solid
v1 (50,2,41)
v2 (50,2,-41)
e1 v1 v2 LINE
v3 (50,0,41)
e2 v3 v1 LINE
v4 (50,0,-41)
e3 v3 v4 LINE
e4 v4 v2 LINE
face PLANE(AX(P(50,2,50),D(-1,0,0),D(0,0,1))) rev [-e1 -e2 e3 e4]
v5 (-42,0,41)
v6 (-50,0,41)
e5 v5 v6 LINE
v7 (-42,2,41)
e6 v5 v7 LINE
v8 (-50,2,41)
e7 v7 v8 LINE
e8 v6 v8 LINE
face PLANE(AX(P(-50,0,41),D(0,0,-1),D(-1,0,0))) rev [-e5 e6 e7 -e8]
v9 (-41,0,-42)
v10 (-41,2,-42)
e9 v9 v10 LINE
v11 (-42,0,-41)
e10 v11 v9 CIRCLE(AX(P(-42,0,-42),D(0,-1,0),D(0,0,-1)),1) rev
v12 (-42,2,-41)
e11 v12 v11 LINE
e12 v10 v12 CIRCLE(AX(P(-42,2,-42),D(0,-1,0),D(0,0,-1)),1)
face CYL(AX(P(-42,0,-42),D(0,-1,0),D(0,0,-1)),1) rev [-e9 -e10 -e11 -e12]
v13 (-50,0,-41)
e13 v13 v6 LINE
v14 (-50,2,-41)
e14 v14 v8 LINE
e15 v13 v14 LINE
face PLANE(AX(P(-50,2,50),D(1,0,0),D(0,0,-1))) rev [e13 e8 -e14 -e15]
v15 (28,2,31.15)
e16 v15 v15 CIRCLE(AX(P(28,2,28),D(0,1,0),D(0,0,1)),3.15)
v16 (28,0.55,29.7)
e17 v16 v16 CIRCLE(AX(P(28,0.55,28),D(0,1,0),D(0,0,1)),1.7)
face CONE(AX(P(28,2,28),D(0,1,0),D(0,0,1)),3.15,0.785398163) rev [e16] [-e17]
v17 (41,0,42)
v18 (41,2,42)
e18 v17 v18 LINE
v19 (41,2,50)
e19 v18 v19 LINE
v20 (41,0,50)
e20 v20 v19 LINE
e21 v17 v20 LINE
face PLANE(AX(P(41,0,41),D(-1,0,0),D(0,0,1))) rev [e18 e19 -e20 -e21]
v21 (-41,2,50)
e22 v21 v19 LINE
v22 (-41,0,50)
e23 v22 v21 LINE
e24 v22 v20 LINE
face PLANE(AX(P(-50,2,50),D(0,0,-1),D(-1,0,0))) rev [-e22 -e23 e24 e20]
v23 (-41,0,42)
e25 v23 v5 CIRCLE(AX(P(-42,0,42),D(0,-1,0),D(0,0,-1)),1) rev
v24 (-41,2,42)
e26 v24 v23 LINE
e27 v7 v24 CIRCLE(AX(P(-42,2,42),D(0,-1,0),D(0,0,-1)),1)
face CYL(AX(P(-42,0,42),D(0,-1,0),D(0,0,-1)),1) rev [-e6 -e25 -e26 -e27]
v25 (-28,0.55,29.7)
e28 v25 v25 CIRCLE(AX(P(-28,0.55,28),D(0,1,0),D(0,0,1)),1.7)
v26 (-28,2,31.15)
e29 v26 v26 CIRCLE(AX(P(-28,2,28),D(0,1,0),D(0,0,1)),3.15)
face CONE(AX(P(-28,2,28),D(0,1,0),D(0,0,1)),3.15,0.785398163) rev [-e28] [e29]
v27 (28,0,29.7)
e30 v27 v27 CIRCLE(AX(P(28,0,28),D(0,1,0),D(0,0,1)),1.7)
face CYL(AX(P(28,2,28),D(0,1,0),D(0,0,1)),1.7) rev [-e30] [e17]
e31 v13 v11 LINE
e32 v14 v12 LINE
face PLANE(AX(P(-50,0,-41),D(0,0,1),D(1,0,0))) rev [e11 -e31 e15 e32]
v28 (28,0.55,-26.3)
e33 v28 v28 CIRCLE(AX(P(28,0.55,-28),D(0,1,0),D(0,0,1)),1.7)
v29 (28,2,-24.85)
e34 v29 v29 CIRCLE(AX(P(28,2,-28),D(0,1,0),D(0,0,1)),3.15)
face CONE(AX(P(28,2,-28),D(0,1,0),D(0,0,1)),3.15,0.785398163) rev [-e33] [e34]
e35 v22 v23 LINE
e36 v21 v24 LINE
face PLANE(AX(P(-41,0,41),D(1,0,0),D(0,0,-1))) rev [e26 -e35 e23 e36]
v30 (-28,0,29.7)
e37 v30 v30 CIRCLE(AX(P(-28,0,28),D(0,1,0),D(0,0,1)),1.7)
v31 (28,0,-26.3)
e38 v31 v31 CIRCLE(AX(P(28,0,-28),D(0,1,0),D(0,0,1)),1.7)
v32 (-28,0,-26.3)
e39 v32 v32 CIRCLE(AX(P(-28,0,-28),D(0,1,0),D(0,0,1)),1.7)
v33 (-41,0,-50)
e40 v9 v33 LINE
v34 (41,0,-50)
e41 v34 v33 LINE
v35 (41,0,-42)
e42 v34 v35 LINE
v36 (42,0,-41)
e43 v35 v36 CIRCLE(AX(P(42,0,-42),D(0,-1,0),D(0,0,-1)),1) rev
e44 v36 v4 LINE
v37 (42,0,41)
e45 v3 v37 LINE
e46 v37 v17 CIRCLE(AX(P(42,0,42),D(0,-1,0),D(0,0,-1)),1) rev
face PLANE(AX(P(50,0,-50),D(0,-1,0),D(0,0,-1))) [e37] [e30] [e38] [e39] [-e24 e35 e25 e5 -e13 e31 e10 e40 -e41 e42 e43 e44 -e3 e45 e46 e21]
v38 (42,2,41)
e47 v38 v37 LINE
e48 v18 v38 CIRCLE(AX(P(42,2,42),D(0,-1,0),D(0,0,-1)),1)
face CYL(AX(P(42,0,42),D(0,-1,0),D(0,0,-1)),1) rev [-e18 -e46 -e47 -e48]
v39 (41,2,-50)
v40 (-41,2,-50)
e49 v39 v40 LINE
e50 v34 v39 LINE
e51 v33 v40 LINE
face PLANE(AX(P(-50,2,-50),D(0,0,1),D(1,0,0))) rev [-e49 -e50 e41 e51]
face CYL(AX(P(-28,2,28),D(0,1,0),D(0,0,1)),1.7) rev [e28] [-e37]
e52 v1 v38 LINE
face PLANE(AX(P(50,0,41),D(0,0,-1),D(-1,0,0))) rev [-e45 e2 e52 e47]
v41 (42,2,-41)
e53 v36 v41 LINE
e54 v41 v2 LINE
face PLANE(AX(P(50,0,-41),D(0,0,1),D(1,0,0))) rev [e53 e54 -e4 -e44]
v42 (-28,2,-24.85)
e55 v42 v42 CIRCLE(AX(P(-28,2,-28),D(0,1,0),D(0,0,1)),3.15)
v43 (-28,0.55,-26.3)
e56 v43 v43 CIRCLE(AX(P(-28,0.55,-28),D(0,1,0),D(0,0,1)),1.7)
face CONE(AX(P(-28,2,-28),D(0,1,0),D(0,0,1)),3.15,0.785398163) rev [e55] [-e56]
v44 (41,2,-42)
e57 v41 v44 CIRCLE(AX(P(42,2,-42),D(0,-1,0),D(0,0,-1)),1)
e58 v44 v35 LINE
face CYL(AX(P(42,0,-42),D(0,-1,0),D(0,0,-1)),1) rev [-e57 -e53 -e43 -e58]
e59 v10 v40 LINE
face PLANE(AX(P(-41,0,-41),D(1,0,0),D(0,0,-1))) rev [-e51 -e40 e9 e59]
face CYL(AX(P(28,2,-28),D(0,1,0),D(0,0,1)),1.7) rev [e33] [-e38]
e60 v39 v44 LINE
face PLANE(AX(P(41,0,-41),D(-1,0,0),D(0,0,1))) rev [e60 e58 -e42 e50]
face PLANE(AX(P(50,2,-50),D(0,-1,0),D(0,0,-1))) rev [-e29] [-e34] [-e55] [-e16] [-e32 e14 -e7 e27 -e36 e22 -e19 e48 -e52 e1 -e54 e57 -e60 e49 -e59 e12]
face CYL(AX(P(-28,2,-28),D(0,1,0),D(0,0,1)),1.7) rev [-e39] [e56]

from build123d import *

# Parameters (mm, degrees)
SKETCH1_W                                      = 100
SKETCH1_H                                      = 100
BASE_EXTRUSION_DEPTH                           = 2
SKETCH2_W                                      = 9
SKETCH2_H                                      = 9
CORNER_CUTOUTS_DEPTH                           = 71.738956735
CSK_FOR_M3_FLAT_HEAD_MACHINE_SCREW2_AT_2_COUNT = 2
CSK_FOR_M3_FLAT_HEAD_MACHINE_SCREW2_AT_2_PITCH = 56
CSK_FOR_M3_FLAT_HEAD_MACHINE_SCREW2_AT_3_COUNT = 2
CSK_FOR_M3_FLAT_HEAD_MACHINE_SCREW2_AT_3_PITCH = 79.195959493
CSK_FOR_M3_FLAT_HEAD_MACHINE_SCREW2_AT_4_COUNT = 2
CSK_FOR_M3_FLAT_HEAD_MACHINE_SCREW2_AT_4_PITCH = 56
FILLET_FOR_RAILS_R                             = 1


with BuildPart() as part:
    # Sketch1 → Base Extrusion (new body)
    with BuildSketch(Plane(origin=(0, 0, 0), x_dir=(1, 0, 0), z_dir=(0, 1, 0))):
        Rectangle(SKETCH1_W, SKETCH1_H)
    extrude(amount=BASE_EXTRUSION_DEPTH)

    # Sketch2 → Corner Cutouts (cut, through all)
    with BuildSketch(Plane(origin=(0, 2, 0), x_dir=(1, 0, 0), z_dir=(0, 1, 0))):
        with Locations((45.5, 45.5)):
            Rectangle(SKETCH2_W, SKETCH2_H)
        with Locations((-45.5, 45.5)):
            Rectangle(SKETCH2_W, SKETCH2_H)
        with Locations((-45.5, -45.5)):
            Rectangle(SKETCH2_W, SKETCH2_H)
        with Locations((45.5, -45.5)):
            Rectangle(SKETCH2_W, SKETCH2_H)
    extrude(amount=-CORNER_CUTOUTS_DEPTH, mode=Mode.SUBTRACT)

    # Sketch10 → CSK for M3 Flat Head Machine Screw2 (revolve, cut)
    with BuildSketch(Plane(origin=(-28, 2, 28), x_dir=(0, 0, 1), z_dir=(1, 0, 0))):
        Polygon((0, 0), (0, 2), (1.7, 2), (1.7, 1.45), (3.15, 0), align=None)
    csk_for_m3_flat_head_machine_screw2 = revolve(axis=Axis((-28, 8.35, 28), (0, -1, 0)), mode=Mode.SUBTRACT)

    # CSK for M3 Flat Head Machine Screw2 at 2: CSK for M3 Flat Head Machine Screw2 ×2
    with Locations(*[(0, 0, -i * CSK_FOR_M3_FLAT_HEAD_MACHINE_SCREW2_AT_2_PITCH) for i in range(1, CSK_FOR_M3_FLAT_HEAD_MACHINE_SCREW2_AT_2_COUNT)]):
        add(csk_for_m3_flat_head_machine_screw2, mode=Mode.SUBTRACT)

    # CSK for M3 Flat Head Machine Screw2 at 3: CSK for M3 Flat Head Machine Screw2 ×2
    with Locations(*[Vector(0.7071067811865476, 0, -0.7071067811865476) * (i * CSK_FOR_M3_FLAT_HEAD_MACHINE_SCREW2_AT_3_PITCH) for i in range(1, CSK_FOR_M3_FLAT_HEAD_MACHINE_SCREW2_AT_3_COUNT)]):
        add(csk_for_m3_flat_head_machine_screw2, mode=Mode.SUBTRACT)

    # CSK for M3 Flat Head Machine Screw2 at 4: CSK for M3 Flat Head Machine Screw2 ×2
    with Locations(*[(i * CSK_FOR_M3_FLAT_HEAD_MACHINE_SCREW2_AT_4_PITCH, 0, 0) for i in range(1, CSK_FOR_M3_FLAT_HEAD_MACHINE_SCREW2_AT_4_COUNT)]):
        add(csk_for_m3_flat_head_machine_screw2, mode=Mode.SUBTRACT)

    # Fillet For Rails
    fillet_for_rails_edges = [part.edges().sort_by_distance(p)[0] for p in [
        (41, 1, -41),
        (-41, 1, -41),
        (-41, 1, 41),
        (41, 1, 41),
    ]]
    fillet(fillet_for_rails_edges, radius=FILLET_FOR_RAILS_R)


solid = part.part
